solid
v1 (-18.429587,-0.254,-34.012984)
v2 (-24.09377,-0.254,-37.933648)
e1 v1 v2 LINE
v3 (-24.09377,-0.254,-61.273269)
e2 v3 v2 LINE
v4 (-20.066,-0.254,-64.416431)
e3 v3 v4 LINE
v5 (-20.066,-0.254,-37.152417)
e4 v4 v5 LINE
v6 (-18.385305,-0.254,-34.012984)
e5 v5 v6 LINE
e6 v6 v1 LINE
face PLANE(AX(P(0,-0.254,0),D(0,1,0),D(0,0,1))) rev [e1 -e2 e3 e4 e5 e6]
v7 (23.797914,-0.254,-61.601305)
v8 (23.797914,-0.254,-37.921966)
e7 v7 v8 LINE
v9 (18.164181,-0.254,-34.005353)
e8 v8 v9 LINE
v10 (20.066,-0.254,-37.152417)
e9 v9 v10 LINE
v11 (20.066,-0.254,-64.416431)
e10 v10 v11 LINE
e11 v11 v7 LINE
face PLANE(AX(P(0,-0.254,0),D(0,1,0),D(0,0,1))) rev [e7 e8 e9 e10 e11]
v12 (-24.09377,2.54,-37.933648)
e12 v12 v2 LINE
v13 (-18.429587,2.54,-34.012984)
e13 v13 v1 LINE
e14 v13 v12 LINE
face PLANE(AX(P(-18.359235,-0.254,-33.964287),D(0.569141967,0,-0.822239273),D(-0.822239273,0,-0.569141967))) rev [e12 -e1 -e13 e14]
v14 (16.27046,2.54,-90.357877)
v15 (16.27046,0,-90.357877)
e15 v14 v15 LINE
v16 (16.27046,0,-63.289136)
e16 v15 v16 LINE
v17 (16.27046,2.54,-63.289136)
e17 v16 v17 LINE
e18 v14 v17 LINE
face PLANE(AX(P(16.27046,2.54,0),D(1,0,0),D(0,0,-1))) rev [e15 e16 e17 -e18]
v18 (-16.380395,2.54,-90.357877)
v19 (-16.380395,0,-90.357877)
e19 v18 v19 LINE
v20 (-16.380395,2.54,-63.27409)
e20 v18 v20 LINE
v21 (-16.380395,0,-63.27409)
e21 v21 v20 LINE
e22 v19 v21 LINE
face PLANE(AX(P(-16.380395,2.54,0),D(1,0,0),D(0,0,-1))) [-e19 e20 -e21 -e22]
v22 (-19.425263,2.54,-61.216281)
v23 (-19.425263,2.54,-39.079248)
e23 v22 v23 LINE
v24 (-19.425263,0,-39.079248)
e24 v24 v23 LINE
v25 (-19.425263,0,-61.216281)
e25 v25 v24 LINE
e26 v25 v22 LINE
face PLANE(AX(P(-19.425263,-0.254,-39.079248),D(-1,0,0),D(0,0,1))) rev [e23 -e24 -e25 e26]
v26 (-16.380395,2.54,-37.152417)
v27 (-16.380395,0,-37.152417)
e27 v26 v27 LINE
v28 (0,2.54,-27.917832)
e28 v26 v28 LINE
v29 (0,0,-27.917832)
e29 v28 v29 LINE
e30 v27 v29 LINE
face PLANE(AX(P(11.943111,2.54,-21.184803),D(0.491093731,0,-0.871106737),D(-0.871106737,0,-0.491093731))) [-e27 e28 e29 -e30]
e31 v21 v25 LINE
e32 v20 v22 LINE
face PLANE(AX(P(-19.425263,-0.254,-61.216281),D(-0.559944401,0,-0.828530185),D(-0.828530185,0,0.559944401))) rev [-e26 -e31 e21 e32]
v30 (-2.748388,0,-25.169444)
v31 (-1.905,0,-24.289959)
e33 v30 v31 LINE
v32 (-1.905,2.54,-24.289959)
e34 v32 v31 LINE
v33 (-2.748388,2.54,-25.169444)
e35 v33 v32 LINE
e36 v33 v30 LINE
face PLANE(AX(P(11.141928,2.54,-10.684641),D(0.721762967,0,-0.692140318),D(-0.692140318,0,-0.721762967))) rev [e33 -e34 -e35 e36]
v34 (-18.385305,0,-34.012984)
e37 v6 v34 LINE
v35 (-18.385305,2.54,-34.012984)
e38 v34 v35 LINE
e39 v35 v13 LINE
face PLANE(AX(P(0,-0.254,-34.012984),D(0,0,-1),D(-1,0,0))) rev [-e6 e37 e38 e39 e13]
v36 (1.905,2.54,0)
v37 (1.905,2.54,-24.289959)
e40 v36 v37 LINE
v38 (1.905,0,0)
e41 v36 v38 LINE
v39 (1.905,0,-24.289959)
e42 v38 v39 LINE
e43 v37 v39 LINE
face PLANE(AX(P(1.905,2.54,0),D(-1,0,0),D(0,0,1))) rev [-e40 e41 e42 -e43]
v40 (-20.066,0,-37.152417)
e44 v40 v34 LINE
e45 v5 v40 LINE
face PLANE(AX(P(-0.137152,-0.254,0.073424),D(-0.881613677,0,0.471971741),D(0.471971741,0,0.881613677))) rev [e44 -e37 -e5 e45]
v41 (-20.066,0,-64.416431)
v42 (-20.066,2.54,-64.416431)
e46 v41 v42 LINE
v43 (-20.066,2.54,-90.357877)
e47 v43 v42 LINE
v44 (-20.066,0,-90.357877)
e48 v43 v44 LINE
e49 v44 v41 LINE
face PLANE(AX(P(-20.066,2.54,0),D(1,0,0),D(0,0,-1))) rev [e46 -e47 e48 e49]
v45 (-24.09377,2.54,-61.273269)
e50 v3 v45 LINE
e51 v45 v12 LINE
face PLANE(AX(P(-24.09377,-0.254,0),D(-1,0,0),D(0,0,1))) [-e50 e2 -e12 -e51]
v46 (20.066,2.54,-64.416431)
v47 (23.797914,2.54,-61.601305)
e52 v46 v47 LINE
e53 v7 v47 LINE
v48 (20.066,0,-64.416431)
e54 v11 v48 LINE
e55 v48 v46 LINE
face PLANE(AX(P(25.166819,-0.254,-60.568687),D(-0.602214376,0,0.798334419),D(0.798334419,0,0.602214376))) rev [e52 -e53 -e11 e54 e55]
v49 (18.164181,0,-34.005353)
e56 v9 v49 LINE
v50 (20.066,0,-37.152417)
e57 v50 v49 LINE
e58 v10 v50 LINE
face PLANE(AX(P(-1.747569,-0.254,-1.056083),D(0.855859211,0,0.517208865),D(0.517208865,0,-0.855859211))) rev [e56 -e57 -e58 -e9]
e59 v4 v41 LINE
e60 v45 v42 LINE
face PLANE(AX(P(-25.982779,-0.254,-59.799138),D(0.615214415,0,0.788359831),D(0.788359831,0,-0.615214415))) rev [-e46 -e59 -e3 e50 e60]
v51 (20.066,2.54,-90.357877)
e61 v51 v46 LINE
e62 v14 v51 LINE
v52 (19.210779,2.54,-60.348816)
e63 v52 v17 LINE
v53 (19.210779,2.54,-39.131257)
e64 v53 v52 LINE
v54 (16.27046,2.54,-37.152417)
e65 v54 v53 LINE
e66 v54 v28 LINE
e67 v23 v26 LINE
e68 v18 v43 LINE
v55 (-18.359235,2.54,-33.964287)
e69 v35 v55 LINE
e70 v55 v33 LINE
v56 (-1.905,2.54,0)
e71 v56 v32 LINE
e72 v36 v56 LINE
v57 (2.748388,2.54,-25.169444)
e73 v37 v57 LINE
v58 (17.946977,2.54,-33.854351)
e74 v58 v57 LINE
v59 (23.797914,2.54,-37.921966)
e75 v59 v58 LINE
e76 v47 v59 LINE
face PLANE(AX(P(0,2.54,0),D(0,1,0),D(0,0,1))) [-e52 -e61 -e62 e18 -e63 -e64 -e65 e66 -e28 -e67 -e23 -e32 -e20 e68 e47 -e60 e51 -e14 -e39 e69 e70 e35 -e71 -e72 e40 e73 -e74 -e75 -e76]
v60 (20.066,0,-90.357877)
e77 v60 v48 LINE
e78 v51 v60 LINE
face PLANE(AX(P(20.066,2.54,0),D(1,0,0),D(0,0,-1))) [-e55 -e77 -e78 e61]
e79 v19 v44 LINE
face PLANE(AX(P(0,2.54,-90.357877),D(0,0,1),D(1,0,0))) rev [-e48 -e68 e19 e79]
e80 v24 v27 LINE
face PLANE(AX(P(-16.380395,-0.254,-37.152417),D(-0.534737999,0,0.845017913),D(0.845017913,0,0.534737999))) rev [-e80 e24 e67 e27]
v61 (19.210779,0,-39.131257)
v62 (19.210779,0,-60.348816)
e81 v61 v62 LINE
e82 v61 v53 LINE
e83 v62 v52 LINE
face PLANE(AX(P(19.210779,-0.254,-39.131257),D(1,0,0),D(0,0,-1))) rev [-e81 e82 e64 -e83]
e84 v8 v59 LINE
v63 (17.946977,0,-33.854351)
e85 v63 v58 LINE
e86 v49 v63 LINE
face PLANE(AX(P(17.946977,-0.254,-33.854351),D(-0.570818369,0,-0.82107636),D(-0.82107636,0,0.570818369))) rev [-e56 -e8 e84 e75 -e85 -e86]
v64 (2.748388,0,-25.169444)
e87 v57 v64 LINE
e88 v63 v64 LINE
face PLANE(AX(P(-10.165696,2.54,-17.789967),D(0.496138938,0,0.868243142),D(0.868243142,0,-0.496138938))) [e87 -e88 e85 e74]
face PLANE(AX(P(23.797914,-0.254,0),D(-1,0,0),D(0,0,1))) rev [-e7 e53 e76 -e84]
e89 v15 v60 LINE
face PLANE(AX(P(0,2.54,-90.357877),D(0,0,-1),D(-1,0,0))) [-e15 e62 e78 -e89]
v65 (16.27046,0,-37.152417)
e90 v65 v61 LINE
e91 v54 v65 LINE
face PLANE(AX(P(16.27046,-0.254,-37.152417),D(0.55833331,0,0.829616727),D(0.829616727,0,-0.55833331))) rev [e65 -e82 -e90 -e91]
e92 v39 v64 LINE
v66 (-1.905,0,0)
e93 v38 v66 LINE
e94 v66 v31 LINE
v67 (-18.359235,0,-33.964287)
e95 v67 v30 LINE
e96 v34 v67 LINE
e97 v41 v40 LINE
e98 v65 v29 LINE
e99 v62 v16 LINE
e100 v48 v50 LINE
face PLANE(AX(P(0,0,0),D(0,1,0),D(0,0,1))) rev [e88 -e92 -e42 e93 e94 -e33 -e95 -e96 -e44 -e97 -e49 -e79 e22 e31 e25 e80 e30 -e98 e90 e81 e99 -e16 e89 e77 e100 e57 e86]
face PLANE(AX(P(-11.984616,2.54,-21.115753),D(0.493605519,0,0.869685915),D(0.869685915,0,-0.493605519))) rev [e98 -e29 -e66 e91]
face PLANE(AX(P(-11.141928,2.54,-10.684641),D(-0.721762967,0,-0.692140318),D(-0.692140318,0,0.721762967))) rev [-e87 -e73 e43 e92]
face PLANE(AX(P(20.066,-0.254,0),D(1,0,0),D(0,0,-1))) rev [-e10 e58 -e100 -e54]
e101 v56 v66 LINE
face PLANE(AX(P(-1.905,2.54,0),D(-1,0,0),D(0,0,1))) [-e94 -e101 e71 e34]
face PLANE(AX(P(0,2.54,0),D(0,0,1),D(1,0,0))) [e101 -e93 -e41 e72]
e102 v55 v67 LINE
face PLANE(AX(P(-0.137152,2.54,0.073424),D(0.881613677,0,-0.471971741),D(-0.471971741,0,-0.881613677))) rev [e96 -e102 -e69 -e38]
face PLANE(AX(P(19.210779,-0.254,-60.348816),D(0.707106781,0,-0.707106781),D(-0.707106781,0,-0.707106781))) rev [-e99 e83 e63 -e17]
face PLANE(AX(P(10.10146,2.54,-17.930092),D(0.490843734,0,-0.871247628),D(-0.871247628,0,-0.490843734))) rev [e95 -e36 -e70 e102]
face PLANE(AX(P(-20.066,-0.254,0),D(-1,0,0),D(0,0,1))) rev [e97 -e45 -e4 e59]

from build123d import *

# Parameters (mm, degrees)
BOSS_EXTRUDE1_DEPTH = 2.54
BOSS_EXTRUDE3_DEPTH = 2.794
BOSS_EXTRUDE4_DEPTH = 2.794
CUT_EXTRUDE1_DEPTH  = 2.794
CUT_EXTRUDE2_DEPTH  = 2.794
CUT_EXTRUDE3_DEPTH  = 2.794
CUT_EXTRUDE4_DEPTH  = 2.794


with BuildPart() as part:
    # Sketch2 → Boss-Extrude1 (new body)
    with BuildSketch(Plane(origin=(0, 0, 0), x_dir=(1, 0, 0), z_dir=(0, 1, 0))):
        Polygon((-1.905, 0), (1.905, 0), (1.905, 24.289959425), (2.748388443, 25.169443727), (18.139363721, 33.964286743), (20.066, 37.152417336), (20.066, 90.357876746), (16.27045958, 90.357876746), (16.27045958, 37.152417336), (0, 27.917832169), (-16.380395118, 37.152417336), (-16.380395118, 90.357876746), (-20.066, 90.357876746), (-20.066, 37.152417336), (-18.359234796, 33.964286743), (-2.748388443, 25.169443727), (-1.905, 24.289959425), align=None)
    extrude(amount=BOSS_EXTRUDE1_DEPTH)

    # Sketch3 → Boss-Extrude3 (add)
    with BuildSketch(Plane(origin=(0, 2.54, 0), x_dir=(1, 0, 0), z_dir=(0, 1, 0))):
        Polygon((-20.066, 64.416430686), (-23.843651965, 64.416430686), (-24.093769894, 64.416430686), (-24.093769894, 34.012983608), (-18.385304655, 34.012983608), (-20.066, 37.152417336), align=None)
    extrude(amount=-BOSS_EXTRUDE3_DEPTH)

    # Sketch5 → Boss-Extrude4 (add)
    with BuildSketch(Plane(origin=(0, 2.54, 0), x_dir=(1, 0, 0), z_dir=(0, 1, 0))):
        Polygon((23.79791373, 64.416430686), (20.066, 64.416430686), (20.066, 37.152417336), (18.139363721, 33.964286743), (17.94697653, 33.854351205), (23.79791373, 33.854351205), align=None)
    extrude(amount=-BOSS_EXTRUDE4_DEPTH)

    # Sketch6 → Cut-Extrude1 (cut)
    with BuildSketch(Plane(origin=(0, 2.54, 0), x_dir=(1, 0, 0), z_dir=(0, 1, 0))):
        Polygon((-16.380395118, 37.152417336), (-19.425262821, 39.079248043), (-19.425262821, 61.216281017), (-16.380395118, 63.274089716), align=None)
    extrude(amount=-CUT_EXTRUDE1_DEPTH, mode=Mode.SUBTRACT)

    # Sketch7 → Cut-Extrude2 (cut)
    with BuildSketch(Plane(origin=(0, 2.54, 0), x_dir=(1, 0, 0), z_dir=(0, 1, 0))):
        Polygon((16.27045958, 37.152417336), (19.210779399, 39.131257015), (19.210779399, 60.348815791), (16.022648806, 63.536946385), align=None)
    extrude(amount=-CUT_EXTRUDE2_DEPTH, mode=Mode.SUBTRACT)

    # Sketch8 → Cut-Extrude3 (cut)
    with BuildSketch(Plane(origin=(0, 2.54, 0), x_dir=(1, 0, 0), z_dir=(0, 1, 0))):
        Polygon((-18.359234796, 33.964286743), (-25.982779442, 39.241192553), (-25.982779442, 59.799138103), (-20.066, 64.416430686), (-26.704115548, 65.235310973), (-32.139169553, 50.784424011), (-24.093769894, 30.886091687), align=None)
    extrude(amount=-CUT_EXTRUDE3_DEPTH, mode=Mode.SUBTRACT)

    # Sketch9 → Cut-Extrude4 (cut)
    with BuildSketch(Plane(origin=(0, 2.54, 0), x_dir=(1, 0, 0), z_dir=(0, 1, 0))):
        Polygon((17.94697653, 33.854351205), (23.79791373, 37.9219661), (26.535723591, 53.149224599), (25.166818661, 60.568686867), (20.066, 64.416430686), (22.61640933, 67.797418641), (32.063184465, 64.416430686), (29.094924947, 33.854351205), (20.441248246, 27.838251042), align=None)
    extrude(amount=-CUT_EXTRUDE4_DEPTH, mode=Mode.SUBTRACT)


solid = part.part
